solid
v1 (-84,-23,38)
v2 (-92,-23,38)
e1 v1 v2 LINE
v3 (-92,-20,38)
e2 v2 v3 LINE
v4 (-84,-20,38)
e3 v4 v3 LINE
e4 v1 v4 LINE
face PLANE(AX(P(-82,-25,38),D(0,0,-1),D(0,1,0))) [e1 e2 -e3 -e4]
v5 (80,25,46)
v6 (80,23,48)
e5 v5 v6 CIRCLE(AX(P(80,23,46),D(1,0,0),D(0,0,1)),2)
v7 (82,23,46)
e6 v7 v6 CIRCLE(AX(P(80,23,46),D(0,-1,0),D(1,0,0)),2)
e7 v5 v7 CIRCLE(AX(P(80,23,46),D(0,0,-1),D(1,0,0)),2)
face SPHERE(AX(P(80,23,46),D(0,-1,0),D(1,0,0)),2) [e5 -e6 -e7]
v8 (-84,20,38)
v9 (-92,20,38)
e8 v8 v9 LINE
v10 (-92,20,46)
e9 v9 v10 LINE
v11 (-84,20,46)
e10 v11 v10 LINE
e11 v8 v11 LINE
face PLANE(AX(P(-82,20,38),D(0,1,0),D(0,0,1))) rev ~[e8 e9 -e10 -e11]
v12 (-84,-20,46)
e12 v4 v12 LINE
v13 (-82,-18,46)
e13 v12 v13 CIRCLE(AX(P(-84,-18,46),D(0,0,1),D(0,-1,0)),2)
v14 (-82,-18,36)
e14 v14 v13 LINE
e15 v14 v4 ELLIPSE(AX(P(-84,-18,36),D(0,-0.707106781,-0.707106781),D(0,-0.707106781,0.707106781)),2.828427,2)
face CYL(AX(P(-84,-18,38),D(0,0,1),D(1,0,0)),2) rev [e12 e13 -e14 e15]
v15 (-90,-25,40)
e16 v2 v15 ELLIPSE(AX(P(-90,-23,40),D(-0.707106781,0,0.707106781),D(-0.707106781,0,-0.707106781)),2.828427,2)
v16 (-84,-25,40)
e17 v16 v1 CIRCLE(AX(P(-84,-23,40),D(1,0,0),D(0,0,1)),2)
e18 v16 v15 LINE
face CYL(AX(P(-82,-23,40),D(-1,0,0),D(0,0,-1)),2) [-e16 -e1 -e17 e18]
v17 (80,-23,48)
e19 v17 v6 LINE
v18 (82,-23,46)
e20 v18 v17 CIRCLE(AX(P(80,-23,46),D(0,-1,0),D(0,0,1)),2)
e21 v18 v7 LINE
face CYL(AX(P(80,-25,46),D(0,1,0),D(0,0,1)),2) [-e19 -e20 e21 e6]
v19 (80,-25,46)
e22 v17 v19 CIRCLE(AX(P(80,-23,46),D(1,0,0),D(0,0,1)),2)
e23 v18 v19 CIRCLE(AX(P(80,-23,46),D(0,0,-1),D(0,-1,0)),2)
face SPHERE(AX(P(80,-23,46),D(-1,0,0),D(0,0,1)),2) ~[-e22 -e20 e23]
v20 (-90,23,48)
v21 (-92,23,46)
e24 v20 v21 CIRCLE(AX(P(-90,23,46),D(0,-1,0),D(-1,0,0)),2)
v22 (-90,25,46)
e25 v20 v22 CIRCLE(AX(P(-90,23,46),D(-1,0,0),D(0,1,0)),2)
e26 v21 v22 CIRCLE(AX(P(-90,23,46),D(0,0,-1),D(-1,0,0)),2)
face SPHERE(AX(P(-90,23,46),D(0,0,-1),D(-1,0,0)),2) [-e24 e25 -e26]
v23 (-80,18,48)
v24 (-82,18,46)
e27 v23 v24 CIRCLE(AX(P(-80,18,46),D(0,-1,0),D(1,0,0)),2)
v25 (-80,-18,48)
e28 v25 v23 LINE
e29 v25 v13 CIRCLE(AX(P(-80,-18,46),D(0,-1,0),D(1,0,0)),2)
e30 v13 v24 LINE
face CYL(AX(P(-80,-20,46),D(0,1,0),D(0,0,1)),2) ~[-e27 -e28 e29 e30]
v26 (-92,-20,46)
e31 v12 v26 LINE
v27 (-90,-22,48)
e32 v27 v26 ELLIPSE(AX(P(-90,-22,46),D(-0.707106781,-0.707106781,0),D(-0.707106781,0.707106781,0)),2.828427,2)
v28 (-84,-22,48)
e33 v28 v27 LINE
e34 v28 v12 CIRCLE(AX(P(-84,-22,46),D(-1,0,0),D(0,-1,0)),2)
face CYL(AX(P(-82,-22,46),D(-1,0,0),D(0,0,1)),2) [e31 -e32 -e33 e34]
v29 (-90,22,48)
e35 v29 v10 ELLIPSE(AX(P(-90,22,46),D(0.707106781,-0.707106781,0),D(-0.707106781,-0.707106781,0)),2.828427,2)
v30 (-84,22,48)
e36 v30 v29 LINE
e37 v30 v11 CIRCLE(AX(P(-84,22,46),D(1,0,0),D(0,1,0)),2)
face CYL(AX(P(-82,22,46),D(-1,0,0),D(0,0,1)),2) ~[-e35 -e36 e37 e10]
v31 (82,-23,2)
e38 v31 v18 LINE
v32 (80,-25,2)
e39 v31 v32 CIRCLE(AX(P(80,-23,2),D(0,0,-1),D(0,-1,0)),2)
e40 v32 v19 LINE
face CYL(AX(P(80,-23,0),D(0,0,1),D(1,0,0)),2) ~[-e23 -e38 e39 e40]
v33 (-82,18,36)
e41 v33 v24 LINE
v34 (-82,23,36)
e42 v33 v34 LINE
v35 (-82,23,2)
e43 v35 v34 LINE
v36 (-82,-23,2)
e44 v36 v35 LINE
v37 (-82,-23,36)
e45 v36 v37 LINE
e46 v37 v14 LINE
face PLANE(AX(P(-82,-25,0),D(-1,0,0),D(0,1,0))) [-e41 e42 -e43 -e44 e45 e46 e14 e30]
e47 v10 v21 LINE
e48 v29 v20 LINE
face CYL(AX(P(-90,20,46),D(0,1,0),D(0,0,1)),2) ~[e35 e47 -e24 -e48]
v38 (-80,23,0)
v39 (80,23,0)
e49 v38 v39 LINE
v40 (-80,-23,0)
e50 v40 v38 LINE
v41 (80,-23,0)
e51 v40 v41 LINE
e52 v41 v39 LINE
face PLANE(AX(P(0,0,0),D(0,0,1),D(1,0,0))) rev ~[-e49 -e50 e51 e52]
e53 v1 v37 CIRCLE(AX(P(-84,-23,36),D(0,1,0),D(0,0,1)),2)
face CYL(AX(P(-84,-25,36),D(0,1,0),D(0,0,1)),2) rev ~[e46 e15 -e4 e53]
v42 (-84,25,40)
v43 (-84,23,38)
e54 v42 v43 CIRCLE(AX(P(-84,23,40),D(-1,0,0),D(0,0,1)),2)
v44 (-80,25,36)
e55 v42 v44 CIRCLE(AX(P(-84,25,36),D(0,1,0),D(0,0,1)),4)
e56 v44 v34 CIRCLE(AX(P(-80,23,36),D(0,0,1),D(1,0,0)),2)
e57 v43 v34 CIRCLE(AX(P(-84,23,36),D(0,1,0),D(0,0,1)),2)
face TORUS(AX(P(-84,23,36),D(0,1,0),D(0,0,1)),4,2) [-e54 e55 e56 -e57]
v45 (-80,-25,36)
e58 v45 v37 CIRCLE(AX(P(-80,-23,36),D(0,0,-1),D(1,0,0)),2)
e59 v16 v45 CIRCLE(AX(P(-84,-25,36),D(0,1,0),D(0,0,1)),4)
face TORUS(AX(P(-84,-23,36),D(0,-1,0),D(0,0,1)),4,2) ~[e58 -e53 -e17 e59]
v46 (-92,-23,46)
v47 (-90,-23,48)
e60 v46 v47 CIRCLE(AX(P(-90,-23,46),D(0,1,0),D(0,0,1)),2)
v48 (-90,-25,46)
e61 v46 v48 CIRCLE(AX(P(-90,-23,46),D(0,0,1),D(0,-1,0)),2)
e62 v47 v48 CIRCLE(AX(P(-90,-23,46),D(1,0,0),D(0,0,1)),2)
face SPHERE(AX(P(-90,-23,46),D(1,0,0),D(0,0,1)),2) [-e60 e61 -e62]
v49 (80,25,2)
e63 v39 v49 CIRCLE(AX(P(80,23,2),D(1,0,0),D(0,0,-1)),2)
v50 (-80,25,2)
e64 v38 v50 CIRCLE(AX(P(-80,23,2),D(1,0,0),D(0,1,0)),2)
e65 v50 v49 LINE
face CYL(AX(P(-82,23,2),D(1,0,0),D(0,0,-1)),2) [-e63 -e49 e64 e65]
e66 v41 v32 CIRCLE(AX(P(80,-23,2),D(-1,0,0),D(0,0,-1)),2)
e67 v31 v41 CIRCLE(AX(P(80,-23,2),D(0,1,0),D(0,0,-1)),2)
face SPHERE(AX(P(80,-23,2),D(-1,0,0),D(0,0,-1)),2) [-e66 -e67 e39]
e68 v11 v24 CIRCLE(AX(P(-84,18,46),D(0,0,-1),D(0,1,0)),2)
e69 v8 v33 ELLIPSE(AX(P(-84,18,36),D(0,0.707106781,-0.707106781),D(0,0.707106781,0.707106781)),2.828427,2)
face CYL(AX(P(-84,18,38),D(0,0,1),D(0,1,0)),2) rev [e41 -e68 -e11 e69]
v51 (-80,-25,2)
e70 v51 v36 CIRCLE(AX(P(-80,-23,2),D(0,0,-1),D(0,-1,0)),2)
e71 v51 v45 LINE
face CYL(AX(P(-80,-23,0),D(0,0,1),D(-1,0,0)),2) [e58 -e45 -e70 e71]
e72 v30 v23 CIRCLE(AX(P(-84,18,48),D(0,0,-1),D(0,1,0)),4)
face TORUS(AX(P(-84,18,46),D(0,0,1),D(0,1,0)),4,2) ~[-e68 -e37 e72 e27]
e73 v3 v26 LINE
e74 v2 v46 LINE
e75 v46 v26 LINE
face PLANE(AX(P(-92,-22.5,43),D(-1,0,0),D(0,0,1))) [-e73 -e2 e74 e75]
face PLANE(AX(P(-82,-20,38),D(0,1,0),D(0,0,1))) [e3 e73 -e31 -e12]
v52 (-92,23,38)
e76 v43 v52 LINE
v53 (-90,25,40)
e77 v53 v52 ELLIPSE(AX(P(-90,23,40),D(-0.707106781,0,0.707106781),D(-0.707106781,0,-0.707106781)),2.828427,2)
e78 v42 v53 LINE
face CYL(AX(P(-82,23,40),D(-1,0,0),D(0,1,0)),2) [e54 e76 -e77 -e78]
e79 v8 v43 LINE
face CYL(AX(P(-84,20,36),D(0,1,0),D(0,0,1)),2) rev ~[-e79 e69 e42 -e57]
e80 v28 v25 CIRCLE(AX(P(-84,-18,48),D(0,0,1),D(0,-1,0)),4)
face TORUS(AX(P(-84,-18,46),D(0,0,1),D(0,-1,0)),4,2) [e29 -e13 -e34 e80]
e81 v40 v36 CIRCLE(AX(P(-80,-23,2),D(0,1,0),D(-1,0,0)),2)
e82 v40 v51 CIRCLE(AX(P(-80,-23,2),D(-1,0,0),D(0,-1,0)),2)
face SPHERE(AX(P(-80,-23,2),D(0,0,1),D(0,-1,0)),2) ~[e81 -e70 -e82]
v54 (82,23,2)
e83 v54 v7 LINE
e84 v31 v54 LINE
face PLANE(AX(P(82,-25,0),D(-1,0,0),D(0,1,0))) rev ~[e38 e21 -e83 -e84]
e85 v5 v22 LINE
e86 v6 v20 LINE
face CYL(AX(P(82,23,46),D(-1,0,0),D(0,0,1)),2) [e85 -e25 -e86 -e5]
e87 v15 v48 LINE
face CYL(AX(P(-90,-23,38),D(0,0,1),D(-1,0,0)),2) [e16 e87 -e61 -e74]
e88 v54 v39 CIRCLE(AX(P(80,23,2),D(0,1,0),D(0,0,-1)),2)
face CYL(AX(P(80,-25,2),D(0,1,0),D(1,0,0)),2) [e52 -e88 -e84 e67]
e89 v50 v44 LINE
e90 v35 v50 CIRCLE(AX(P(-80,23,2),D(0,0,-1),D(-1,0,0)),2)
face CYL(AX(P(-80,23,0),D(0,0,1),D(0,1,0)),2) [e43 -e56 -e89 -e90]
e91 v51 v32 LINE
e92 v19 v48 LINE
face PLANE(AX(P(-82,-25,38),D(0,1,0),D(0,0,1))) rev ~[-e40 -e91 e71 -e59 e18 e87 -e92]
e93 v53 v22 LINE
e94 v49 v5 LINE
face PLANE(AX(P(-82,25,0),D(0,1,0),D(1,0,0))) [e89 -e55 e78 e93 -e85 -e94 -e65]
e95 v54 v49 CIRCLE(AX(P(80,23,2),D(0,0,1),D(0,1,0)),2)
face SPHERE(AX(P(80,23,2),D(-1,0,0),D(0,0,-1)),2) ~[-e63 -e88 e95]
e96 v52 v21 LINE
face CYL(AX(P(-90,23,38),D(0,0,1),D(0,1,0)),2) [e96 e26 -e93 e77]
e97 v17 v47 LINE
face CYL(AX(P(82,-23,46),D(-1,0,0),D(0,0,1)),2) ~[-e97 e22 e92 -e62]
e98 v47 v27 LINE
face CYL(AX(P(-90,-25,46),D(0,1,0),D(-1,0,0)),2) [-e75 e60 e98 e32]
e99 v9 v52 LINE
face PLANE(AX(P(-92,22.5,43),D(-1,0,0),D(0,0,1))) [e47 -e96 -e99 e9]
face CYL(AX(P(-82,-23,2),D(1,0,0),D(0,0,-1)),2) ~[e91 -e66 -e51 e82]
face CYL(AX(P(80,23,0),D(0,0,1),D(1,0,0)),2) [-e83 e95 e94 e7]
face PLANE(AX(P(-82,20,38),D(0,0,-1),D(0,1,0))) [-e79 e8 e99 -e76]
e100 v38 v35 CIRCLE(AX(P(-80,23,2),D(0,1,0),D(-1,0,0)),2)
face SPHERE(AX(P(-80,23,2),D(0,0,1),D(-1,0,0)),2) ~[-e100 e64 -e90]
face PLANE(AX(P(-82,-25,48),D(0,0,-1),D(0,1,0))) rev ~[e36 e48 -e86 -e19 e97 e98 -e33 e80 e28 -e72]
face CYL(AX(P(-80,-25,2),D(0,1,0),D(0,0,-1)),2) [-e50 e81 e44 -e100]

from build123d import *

# Parameters (mm, degrees)
SKETCH1_W           = 164
SKETCH1_H           = 50
BOSS_EXTRUDE1_DEPTH = 48
SKETCH2_W           = 10
SKETCH2_H           = 5
BOSS_EXTRUDE2_DEPTH = 10
FILLET1_R           = 2


with BuildPart() as part:
    # Sketch1 → Boss-Extrude1 (new body)
    with BuildSketch(Plane.XY):
        Rectangle(SKETCH1_W, SKETCH1_H)
    extrude(amount=BOSS_EXTRUDE1_DEPTH)

    # Sketch2 → Boss-Extrude2 (add)
    with BuildSketch(Plane.ZY.offset(82)):
        with Locations((43, -22.5)):
            Rectangle(SKETCH2_W, SKETCH2_H)
        with Locations((43, 22.5)):
            Rectangle(SKETCH2_W, SKETCH2_H)
    extrude(amount=BOSS_EXTRUDE2_DEPTH)

    # Fillet1
    fillet1_edges = [part.edges().sort_by_distance(p)[0] for p in [
        (-82, 0, 48),
        (-82, 25, 19),
        (-82, 22.5, 38),
        (-87, 25, 38),
        (-5, -25, 48),
        (-82, 20, 43),
        (-87, 20, 48),
        (-92, 25, 43),
        (-92, 22.5, 48),
        (-82, -25, 19),
        (-82, -20, 43),
        (-87, -20, 48),
        (-82, -22.5, 38),
        (-87, -25, 38),
        (-92, -22.5, 48),
        (-92, -25, 43),
        (82, 0, 48),
        (0, -25, 0),
        (-82, 0, 0),
        (0, 25, 0),
        (82, 0, 0),
        (82, -25, 24),
        (82, 25, 24),
        (-5, 25, 48),
    ]]
    fillet(fillet1_edges, radius=FILLET1_R)


solid = part.part
